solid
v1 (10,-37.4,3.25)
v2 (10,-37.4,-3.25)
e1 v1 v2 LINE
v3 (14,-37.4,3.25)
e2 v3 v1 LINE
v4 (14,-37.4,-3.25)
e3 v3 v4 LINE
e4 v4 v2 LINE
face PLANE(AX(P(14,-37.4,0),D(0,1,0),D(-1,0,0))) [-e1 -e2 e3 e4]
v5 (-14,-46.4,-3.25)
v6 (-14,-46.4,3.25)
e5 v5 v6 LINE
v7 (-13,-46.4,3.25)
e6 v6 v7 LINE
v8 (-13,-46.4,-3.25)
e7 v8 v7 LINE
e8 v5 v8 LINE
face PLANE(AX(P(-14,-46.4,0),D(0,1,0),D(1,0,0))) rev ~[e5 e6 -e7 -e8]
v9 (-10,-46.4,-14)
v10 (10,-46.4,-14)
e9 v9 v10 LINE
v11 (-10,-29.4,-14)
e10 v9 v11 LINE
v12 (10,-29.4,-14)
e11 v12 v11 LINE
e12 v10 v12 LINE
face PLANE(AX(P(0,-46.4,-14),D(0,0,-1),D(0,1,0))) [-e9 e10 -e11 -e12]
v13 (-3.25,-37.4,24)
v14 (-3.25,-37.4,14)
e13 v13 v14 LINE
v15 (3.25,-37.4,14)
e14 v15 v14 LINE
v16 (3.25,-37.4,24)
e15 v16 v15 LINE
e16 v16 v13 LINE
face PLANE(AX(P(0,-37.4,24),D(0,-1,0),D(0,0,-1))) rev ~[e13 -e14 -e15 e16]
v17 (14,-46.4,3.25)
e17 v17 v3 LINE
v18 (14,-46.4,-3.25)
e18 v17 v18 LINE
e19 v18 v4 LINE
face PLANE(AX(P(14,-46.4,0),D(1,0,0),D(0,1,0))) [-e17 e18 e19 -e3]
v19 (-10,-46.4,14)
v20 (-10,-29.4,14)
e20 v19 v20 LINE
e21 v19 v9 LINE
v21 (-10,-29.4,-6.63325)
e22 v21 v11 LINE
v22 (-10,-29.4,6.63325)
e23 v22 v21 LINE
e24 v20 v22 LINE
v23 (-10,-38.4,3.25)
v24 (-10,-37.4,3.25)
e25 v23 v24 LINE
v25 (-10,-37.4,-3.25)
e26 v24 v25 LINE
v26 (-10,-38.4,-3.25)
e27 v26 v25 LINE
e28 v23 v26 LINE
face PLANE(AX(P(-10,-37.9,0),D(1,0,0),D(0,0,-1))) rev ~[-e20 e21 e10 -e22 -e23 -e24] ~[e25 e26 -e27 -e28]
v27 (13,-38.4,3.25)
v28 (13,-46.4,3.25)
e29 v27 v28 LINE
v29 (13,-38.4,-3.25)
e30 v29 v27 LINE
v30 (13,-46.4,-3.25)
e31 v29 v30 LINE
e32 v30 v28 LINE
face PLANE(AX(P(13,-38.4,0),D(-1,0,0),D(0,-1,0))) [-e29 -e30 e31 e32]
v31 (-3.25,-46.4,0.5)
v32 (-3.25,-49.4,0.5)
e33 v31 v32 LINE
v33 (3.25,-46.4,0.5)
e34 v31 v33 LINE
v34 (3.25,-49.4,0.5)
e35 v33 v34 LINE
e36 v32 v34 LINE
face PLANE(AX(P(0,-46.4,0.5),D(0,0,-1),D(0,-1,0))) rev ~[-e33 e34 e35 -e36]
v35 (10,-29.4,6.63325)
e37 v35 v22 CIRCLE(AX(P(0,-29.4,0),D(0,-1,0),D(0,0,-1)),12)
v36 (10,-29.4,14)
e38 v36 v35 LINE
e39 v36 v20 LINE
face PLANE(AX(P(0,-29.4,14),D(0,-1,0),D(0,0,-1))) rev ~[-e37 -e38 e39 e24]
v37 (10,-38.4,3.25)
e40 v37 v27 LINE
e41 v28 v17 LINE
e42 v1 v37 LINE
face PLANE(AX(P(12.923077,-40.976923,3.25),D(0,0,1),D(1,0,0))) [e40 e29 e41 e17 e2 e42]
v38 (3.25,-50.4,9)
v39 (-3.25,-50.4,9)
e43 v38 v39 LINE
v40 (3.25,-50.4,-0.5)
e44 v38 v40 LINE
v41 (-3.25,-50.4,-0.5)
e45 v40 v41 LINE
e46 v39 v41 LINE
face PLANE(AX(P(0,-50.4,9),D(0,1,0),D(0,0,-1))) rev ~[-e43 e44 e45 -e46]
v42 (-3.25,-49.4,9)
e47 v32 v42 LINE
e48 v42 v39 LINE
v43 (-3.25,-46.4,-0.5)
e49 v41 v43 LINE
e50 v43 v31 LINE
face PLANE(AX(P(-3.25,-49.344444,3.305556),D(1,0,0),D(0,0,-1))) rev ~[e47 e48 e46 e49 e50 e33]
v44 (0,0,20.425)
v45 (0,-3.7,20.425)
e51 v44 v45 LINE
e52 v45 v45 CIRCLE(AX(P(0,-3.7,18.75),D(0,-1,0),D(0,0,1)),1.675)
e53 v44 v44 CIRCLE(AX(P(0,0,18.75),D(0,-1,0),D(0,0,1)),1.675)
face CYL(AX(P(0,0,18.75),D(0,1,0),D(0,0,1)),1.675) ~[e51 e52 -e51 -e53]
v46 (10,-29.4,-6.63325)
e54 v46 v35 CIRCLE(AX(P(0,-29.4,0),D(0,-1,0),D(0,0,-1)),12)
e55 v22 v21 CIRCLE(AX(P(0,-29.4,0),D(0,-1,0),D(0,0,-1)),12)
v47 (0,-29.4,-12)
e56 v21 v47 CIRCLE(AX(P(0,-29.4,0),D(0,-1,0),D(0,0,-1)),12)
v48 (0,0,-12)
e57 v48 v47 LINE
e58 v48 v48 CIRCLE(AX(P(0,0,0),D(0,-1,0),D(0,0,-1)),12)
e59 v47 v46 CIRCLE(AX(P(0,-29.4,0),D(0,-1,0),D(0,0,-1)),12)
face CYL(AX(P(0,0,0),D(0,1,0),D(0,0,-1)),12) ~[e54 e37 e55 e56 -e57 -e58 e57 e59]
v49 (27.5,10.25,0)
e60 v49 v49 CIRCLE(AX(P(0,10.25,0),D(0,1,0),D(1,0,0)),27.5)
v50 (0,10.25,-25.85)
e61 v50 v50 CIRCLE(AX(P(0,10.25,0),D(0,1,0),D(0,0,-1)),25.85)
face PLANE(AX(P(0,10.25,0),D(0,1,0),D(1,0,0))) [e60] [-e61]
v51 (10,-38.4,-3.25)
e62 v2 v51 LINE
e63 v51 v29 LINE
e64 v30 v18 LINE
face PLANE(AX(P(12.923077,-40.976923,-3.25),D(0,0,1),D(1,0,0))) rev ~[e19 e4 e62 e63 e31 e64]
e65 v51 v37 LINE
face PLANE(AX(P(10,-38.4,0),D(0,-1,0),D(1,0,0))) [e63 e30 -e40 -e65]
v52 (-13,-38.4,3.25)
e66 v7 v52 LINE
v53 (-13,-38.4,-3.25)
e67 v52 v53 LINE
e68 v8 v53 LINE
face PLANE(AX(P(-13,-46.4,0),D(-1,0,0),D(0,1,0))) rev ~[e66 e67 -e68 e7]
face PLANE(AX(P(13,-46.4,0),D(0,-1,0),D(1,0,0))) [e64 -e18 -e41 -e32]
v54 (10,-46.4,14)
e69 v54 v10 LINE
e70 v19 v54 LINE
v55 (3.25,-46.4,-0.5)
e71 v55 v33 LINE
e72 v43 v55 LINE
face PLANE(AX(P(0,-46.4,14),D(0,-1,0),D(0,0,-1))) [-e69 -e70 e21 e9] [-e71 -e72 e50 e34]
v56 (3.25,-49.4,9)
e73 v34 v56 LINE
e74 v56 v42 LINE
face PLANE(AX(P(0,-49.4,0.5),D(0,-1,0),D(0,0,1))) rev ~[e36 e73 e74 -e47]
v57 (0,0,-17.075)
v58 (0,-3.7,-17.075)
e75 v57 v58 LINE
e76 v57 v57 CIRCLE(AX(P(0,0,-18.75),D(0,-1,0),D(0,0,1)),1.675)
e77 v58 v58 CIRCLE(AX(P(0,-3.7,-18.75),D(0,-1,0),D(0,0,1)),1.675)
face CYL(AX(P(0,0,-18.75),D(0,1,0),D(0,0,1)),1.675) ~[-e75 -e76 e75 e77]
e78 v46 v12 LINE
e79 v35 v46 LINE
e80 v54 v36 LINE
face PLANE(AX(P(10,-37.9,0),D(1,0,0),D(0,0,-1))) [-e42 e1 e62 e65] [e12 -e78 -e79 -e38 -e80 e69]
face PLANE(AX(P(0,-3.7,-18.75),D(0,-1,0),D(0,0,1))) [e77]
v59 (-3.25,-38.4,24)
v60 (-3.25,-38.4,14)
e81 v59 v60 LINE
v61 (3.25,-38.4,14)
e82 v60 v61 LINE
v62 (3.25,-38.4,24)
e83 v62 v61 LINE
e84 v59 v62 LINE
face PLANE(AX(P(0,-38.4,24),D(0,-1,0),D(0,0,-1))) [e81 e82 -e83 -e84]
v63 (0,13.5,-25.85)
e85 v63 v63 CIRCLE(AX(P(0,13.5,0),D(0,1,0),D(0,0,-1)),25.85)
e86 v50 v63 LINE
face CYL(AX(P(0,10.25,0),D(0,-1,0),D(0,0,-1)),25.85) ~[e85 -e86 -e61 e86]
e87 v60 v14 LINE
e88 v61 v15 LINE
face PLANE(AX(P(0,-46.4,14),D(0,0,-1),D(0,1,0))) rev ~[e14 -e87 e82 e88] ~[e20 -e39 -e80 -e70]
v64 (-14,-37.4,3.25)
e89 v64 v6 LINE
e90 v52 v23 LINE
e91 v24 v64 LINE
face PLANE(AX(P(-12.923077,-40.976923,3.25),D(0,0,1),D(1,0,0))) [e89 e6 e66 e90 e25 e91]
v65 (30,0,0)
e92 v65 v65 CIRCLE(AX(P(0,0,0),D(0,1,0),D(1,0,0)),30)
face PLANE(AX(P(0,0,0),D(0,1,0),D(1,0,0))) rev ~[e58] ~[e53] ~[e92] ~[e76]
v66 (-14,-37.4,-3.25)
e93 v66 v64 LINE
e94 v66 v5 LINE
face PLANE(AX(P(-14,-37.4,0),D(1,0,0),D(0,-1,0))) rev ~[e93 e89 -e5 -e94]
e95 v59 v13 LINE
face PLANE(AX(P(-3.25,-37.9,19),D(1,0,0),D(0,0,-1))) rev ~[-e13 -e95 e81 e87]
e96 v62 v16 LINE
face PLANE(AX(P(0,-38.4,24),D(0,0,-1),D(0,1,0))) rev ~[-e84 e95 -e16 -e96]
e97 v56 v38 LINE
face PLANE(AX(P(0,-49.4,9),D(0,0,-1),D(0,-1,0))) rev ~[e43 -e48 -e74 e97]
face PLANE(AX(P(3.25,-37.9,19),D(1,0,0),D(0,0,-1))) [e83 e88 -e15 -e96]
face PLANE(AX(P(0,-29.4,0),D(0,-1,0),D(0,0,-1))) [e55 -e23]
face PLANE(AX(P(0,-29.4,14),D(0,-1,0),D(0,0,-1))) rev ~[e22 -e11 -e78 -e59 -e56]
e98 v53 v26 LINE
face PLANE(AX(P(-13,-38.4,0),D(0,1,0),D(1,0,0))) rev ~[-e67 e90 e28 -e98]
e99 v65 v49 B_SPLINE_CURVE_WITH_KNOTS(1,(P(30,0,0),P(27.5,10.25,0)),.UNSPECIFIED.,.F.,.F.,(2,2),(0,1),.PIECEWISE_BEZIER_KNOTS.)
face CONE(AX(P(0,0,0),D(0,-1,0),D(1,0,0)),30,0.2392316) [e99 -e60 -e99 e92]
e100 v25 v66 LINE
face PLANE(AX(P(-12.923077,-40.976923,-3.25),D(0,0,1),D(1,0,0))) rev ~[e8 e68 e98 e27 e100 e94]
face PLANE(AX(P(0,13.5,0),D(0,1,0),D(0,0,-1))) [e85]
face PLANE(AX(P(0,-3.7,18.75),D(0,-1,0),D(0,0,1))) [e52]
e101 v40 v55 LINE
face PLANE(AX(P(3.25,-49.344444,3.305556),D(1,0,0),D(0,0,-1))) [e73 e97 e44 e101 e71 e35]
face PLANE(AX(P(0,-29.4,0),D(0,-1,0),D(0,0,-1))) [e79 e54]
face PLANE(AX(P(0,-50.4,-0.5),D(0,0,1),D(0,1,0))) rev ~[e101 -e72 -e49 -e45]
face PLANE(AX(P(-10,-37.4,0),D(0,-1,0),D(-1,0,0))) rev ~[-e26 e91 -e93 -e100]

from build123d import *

# Parameters (mm, degrees)
SKETCH1_R             = 30
SKETCH2_R             = 27.5
SKETCH3_R             = 25.85
BUTTON_DEPTH          = 3.25
SKETCH4_R             = 12
THREAD_DEPTH          = 29.4
SKETCH5_R             = 1.675
ALIGNMENT_STUDS_DEPTH = 3.7
BOSS_EXTRUDE1_DEPTH   = 10
SKETCH6_3_W           = 10
SKETCH6_3_H           = 1
BOSS_EXTRUDE2_DEPTH   = 3.25
BOSS_EXTRUDE3_DEPTH   = 3.25


with BuildPart() as part:
    # Sketch1 → Frame section 0
    with BuildSketch(Plane(origin=(0, 0, 0), x_dir=(1, 0, 0), z_dir=(0, 1, 0))):
        Circle(SKETCH1_R)
    # Sketch2 → Frame section 1
    with BuildSketch(Plane(origin=(0, 10.25, 0), x_dir=(1, 0, 0), z_dir=(0, 1, 0))):
        Circle(SKETCH2_R)
    loft()

    # Sketch3 → Button (add)
    with BuildSketch(Plane(origin=(0, 10.25, 0), x_dir=(1, 0, 0), z_dir=(0, 1, 0))):
        Circle(SKETCH3_R)
    extrude(amount=BUTTON_DEPTH)

    # Sketch4 → Thread (add)
    with BuildSketch(Plane.XZ):
        Circle(SKETCH4_R)
    extrude(amount=THREAD_DEPTH)

    # Sketch5 → Alignment studs (add)
    with BuildSketch(Plane.XZ):
        with Locations((0, 18.75)):
            Circle(SKETCH5_R)
        with Locations((0, -18.75)):
            Circle(SKETCH5_R)
    extrude(amount=ALIGNMENT_STUDS_DEPTH)

    # Sketch6 → Boss-Extrude1 (add, symmetric)
    with BuildSketch(Plane(origin=(0, 0, 0), x_dir=(0, 0, -1), z_dir=(1, 0, 0))):
        Polygon((14, -46.4), (14, -29.4), (-14, -29.4), (-14, -37.4), (-14, -38.4), (-14, -46.4), (-0.5, -46.4), (0.5, -46.4), align=None)
    extrude(amount=BOSS_EXTRUDE1_DEPTH, both=True)

    # Sketch6<3> → Boss-Extrude2 (add, symmetric)
    with BuildSketch(Plane(origin=(0, 0, 0), x_dir=(0, 0, -1), z_dir=(1, 0, 0))):
        with Locations((-19, -37.9)):
            Rectangle(SKETCH6_3_W, SKETCH6_3_H)
        Polygon((0.5, -50.4), (0.5, -46.4), (-0.5, -46.4), (-0.5, -49.4), (-9, -49.4), (-9, -50.4), align=None)
    extrude(amount=BOSS_EXTRUDE2_DEPTH, both=True)

    # Sketch7 → Boss-Extrude3 (add, symmetric)
    with BuildSketch(Plane.XY):
        Polygon((-10, -37.4), (-14, -37.4), (-14, -46.4), (-13, -46.4), (-13, -38.4), (-10, -38.4), align=None)
        Polygon((10, -37.4), (10, -38.4), (13, -38.4), (13, -46.4), (14, -46.4), (14, -37.4), align=None)
    extrude(amount=BOSS_EXTRUDE3_DEPTH, both=True)


solid = part.part
